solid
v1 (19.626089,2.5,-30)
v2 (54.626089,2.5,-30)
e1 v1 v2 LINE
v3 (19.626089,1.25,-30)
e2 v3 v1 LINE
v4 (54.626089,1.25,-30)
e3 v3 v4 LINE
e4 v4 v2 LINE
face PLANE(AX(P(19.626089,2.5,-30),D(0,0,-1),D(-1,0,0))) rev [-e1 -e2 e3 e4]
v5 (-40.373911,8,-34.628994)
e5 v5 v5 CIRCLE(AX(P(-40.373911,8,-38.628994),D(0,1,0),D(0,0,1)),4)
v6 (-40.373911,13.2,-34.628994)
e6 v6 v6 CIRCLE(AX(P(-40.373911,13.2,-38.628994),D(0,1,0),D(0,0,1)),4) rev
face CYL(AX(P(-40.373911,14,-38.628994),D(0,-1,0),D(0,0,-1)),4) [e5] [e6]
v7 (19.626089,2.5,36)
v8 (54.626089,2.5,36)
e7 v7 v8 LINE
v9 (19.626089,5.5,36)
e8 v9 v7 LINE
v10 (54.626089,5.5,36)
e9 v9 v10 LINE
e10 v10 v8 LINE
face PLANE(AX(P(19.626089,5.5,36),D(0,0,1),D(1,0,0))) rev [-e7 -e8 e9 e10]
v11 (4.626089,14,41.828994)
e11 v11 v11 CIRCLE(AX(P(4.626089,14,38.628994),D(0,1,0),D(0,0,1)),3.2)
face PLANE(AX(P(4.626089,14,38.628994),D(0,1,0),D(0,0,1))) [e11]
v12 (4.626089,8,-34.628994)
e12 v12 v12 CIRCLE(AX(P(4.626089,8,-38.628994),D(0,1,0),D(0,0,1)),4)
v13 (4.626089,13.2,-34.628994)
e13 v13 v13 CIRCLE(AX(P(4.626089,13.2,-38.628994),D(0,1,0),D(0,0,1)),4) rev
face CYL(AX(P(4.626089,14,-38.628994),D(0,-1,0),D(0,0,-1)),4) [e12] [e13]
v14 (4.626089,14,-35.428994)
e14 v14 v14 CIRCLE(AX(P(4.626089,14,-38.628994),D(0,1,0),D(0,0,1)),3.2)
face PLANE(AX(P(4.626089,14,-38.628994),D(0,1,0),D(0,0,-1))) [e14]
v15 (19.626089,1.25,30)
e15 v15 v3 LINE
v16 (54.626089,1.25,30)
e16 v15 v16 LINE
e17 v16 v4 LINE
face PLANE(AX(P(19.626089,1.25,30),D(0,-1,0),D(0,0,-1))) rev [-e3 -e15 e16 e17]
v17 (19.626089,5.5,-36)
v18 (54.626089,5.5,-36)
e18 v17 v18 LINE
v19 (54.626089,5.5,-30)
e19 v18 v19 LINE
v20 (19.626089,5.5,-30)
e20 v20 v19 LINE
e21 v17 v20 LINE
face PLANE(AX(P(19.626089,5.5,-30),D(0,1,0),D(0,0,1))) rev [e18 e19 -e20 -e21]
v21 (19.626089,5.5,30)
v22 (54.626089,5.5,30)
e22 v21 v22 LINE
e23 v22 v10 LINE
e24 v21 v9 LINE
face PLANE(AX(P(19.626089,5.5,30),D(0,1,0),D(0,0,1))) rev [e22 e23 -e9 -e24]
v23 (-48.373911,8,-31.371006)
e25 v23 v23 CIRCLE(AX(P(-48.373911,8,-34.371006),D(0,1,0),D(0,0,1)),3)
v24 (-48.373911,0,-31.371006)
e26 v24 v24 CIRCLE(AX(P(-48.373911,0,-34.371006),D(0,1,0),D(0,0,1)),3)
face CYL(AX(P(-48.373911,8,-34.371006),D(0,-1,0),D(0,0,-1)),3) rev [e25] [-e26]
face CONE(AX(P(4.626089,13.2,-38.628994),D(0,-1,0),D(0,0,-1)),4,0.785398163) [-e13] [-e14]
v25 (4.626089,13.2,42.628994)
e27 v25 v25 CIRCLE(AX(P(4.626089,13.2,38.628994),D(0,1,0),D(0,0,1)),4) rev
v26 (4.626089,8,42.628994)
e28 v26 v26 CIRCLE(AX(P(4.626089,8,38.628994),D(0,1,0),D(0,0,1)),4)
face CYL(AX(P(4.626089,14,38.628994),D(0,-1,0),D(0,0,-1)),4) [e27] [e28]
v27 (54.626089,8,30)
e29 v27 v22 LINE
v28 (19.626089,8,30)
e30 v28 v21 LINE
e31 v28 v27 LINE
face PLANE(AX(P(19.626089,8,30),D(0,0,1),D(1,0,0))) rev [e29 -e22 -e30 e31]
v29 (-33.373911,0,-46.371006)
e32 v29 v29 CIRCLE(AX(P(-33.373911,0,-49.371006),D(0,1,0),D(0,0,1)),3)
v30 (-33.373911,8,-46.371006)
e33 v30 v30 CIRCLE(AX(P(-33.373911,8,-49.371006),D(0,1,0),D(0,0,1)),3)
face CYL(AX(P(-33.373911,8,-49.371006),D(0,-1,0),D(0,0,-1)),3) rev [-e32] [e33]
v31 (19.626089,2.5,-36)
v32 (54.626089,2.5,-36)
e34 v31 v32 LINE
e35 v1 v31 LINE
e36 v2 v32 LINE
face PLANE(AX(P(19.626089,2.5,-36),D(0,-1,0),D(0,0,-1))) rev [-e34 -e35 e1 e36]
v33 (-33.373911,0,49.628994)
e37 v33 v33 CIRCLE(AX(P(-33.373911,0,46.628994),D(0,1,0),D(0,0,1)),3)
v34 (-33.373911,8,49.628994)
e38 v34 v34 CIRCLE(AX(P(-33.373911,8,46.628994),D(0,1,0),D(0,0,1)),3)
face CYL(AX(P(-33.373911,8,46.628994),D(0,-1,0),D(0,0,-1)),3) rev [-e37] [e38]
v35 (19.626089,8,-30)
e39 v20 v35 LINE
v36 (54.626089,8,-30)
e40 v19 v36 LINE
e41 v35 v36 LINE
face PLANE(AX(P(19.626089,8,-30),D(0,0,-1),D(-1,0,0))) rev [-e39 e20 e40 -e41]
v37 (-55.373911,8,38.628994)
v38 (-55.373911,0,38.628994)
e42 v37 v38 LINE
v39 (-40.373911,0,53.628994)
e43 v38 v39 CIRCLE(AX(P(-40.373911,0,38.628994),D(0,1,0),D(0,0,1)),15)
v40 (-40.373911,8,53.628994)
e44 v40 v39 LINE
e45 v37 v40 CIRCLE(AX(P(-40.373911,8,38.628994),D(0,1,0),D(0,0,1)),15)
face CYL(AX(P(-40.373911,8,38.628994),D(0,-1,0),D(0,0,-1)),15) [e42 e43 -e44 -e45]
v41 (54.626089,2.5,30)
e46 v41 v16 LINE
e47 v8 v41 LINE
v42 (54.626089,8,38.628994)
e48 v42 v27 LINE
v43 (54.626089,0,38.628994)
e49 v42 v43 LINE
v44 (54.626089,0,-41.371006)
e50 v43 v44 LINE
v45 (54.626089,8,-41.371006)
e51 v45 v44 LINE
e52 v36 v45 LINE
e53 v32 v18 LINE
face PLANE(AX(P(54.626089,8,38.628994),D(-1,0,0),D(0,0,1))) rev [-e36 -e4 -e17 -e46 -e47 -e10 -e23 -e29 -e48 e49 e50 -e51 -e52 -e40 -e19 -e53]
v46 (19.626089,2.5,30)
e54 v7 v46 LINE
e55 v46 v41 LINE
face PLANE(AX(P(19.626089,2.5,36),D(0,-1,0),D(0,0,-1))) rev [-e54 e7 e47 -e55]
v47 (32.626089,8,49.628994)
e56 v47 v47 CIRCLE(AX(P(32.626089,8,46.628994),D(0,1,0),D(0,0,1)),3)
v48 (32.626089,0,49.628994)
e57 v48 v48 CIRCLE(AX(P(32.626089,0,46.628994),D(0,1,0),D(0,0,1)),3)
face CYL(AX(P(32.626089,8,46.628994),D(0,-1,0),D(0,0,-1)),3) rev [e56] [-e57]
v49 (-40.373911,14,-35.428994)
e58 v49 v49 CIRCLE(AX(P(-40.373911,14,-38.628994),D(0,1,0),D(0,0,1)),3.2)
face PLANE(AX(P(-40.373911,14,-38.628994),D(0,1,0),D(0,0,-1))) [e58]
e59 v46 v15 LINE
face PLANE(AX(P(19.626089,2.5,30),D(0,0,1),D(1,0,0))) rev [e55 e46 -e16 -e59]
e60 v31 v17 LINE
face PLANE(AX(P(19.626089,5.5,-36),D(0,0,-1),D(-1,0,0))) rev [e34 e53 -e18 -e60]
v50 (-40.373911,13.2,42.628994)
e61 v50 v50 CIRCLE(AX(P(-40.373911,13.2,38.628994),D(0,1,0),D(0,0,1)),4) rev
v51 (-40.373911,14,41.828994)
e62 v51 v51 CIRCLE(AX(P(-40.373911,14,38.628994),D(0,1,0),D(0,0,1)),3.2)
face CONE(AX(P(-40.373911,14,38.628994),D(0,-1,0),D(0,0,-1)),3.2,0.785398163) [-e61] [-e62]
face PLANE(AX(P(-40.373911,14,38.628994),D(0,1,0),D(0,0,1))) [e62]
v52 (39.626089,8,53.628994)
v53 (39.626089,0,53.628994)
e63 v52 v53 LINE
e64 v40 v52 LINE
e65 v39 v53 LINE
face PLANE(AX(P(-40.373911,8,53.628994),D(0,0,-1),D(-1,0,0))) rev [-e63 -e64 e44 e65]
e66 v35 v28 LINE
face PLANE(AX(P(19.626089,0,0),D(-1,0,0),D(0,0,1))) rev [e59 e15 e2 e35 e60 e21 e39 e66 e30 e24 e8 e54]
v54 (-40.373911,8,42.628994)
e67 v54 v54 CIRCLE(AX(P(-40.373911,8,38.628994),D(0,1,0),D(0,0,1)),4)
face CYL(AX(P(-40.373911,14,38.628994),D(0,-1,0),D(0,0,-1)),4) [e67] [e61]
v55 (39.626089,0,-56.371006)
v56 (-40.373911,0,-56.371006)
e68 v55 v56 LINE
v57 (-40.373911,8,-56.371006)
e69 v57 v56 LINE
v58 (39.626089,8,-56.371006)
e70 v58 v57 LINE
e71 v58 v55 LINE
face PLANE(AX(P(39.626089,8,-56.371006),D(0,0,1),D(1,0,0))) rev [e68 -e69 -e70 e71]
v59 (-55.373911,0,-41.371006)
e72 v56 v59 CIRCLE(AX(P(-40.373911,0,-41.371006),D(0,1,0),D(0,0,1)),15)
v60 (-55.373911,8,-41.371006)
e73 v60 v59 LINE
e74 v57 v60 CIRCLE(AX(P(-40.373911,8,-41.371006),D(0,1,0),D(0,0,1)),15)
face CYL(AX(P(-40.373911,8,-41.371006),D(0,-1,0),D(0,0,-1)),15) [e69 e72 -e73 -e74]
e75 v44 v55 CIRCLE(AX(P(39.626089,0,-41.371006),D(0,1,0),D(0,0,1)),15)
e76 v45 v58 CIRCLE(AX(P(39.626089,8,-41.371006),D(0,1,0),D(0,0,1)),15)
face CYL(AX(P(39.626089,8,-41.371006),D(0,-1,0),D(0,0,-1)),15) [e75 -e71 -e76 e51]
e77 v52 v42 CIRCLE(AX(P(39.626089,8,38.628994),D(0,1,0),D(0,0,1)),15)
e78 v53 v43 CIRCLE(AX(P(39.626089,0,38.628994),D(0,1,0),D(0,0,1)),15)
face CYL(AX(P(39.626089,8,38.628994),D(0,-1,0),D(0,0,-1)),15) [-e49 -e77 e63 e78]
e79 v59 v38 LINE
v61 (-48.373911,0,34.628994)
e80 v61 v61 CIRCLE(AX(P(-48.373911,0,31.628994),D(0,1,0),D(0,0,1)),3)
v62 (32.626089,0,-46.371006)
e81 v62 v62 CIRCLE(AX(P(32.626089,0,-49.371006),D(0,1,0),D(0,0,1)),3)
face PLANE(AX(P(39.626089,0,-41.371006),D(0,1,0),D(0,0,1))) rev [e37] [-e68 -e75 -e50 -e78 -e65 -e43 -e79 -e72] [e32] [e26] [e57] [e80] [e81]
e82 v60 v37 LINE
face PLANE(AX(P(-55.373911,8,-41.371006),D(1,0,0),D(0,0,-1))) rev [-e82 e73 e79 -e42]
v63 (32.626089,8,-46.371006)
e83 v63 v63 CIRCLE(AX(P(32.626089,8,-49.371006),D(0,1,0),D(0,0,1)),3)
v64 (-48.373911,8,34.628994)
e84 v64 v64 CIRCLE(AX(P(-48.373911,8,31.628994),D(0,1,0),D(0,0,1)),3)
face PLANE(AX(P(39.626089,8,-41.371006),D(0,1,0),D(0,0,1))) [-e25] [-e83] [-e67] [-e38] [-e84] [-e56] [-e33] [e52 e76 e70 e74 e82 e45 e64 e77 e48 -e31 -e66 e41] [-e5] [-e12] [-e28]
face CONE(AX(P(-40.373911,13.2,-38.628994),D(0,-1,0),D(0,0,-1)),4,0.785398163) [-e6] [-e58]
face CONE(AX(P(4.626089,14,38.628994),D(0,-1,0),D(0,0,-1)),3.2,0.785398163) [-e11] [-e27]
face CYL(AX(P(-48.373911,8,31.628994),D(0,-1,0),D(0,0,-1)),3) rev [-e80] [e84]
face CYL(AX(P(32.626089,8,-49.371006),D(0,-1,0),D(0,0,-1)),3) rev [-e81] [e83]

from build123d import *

# Parameters (mm, degrees)
SKETCH1_R                = 3
BOSS_EXTRUDE1_DEPTH      = 8
CUT_EXTRUDE1_DEPTH       = 35
SKETCH4_R                = 4
BOSS_EXTRUDE2_DEPTH      = 6
CHAMFER1_SIZE            = 0.8
CHAMFER1_OF_MIRROR1_SIZE = 0.8


with BuildPart() as part:
    # Sketch1 → Boss-Extrude1 (new body)
    with BuildSketch(Plane(origin=(0, 0, 0), x_dir=(1, 0, 0), z_dir=(0, 1, 0))):
        with BuildLine():
            Line((39.626089151, 56.371006445), (-40.373910849, 56.371006445))
            ThreePointArc((-40.373910849, 56.371006445), (-50.980512566, 51.977608163), (-55.373910849, 41.371006445))
            Line((-55.373910849, 41.371006445), (-55.373910849, -38.628993555))
            ThreePointArc((-55.373910849, -38.628993555), (-50.980512566, -49.235595273), (-40.373910849, -53.628993555))
            Line((-40.373910849, -53.628993555), (39.626089151, -53.628993555))
            ThreePointArc((39.626089151, -53.628993555), (50.232690869, -49.235595273), (54.626089151, -38.628993555))
            Line((54.626089151, -38.628993555), (54.626089151, 41.371006445))
            ThreePointArc((54.626089151, 41.371006445), (50.232690869, 51.977608163), (39.626089151, 56.371006445))
        make_face()
        with Locations(Location((-48.373910849, 34.371006445, 0), (0, 0, 270))):
            Circle(SKETCH1_R, mode=Mode.SUBTRACT)
        with Locations(Location((-33.373910849, 49.371006445, 0), (0, 0, 270))):
            Circle(SKETCH1_R, mode=Mode.SUBTRACT)
        with Locations(Location((32.626089151, 49.371006445, 0), (0, 0, 270))):
            Circle(SKETCH1_R, mode=Mode.SUBTRACT)
        with Locations(Location((-48.373910849, -31.628993555, 0), (0, 0, 270))):
            Circle(SKETCH1_R, mode=Mode.SUBTRACT)
        with Locations(Location((-33.373910849, -46.628993555, 0), (0, 0, 270))):
            Circle(SKETCH1_R, mode=Mode.SUBTRACT)
        with Locations(Location((32.626089151, -46.628993555, 0), (0, 0, 270))):
            Circle(SKETCH1_R, mode=Mode.SUBTRACT)
    extrude(amount=BOSS_EXTRUDE1_DEPTH)

    # Sketch3 → Cut-Extrude1 (cut)
    with BuildSketch(Plane(origin=(54.626089151, 0, 0), x_dir=(0, 0, -1), z_dir=(1, 0, 0))):
        Polygon((-30, 8), (-30, 5.5), (-36, 5.5), (-36, 2.5), (-30, 2.5), (-30, 1.25), (30, 1.25), (30, 2.5), (36, 2.5), (36, 5.5), (30, 5.5), (30, 8), align=None)
    extrude(amount=-CUT_EXTRUDE1_DEPTH, mode=Mode.SUBTRACT)

    # Sketch4 → Boss-Extrude2 (add)
    with BuildSketch(Plane(origin=(0, 8, 0), x_dir=(1, 0, 0), z_dir=(0, 1, 0))):
        with Locations(Location((4.626089151, -38.628993555, 0), (0, 0, 270))):
            Circle(SKETCH4_R)
        with Locations(Location((-40.373910849, -38.628993555, 0), (0, 0, 270))):
            Circle(SKETCH4_R)
    boss_extrude2 = extrude(amount=BOSS_EXTRUDE2_DEPTH)

    # Chamfer1
    chamfer1_edges = [part.edges().sort_by_distance(p)[0] for p in [
        (4.626089151, 14, 34.628993555),
        (-40.373910849, 14, 34.628993555),
    ]]
    chamfer(chamfer1_edges, length=CHAMFER1_SIZE)

    # Mirror1: Boss-Extrude2 across plane
    add(boss_extrude2.mirror(Plane.XY))

    # Chamfer1 of Mirror1
    chamfer1_of_mirror1_edges = [part.edges().sort_by_distance(p)[0] for p in [
        (4.626089151, 14, -34.628993555),
        (-40.373910849, 14, -34.628993555),
    ]]
    chamfer(chamfer1_of_mirror1_edges, length=CHAMFER1_OF_MIRROR1_SIZE)


solid = part.part
